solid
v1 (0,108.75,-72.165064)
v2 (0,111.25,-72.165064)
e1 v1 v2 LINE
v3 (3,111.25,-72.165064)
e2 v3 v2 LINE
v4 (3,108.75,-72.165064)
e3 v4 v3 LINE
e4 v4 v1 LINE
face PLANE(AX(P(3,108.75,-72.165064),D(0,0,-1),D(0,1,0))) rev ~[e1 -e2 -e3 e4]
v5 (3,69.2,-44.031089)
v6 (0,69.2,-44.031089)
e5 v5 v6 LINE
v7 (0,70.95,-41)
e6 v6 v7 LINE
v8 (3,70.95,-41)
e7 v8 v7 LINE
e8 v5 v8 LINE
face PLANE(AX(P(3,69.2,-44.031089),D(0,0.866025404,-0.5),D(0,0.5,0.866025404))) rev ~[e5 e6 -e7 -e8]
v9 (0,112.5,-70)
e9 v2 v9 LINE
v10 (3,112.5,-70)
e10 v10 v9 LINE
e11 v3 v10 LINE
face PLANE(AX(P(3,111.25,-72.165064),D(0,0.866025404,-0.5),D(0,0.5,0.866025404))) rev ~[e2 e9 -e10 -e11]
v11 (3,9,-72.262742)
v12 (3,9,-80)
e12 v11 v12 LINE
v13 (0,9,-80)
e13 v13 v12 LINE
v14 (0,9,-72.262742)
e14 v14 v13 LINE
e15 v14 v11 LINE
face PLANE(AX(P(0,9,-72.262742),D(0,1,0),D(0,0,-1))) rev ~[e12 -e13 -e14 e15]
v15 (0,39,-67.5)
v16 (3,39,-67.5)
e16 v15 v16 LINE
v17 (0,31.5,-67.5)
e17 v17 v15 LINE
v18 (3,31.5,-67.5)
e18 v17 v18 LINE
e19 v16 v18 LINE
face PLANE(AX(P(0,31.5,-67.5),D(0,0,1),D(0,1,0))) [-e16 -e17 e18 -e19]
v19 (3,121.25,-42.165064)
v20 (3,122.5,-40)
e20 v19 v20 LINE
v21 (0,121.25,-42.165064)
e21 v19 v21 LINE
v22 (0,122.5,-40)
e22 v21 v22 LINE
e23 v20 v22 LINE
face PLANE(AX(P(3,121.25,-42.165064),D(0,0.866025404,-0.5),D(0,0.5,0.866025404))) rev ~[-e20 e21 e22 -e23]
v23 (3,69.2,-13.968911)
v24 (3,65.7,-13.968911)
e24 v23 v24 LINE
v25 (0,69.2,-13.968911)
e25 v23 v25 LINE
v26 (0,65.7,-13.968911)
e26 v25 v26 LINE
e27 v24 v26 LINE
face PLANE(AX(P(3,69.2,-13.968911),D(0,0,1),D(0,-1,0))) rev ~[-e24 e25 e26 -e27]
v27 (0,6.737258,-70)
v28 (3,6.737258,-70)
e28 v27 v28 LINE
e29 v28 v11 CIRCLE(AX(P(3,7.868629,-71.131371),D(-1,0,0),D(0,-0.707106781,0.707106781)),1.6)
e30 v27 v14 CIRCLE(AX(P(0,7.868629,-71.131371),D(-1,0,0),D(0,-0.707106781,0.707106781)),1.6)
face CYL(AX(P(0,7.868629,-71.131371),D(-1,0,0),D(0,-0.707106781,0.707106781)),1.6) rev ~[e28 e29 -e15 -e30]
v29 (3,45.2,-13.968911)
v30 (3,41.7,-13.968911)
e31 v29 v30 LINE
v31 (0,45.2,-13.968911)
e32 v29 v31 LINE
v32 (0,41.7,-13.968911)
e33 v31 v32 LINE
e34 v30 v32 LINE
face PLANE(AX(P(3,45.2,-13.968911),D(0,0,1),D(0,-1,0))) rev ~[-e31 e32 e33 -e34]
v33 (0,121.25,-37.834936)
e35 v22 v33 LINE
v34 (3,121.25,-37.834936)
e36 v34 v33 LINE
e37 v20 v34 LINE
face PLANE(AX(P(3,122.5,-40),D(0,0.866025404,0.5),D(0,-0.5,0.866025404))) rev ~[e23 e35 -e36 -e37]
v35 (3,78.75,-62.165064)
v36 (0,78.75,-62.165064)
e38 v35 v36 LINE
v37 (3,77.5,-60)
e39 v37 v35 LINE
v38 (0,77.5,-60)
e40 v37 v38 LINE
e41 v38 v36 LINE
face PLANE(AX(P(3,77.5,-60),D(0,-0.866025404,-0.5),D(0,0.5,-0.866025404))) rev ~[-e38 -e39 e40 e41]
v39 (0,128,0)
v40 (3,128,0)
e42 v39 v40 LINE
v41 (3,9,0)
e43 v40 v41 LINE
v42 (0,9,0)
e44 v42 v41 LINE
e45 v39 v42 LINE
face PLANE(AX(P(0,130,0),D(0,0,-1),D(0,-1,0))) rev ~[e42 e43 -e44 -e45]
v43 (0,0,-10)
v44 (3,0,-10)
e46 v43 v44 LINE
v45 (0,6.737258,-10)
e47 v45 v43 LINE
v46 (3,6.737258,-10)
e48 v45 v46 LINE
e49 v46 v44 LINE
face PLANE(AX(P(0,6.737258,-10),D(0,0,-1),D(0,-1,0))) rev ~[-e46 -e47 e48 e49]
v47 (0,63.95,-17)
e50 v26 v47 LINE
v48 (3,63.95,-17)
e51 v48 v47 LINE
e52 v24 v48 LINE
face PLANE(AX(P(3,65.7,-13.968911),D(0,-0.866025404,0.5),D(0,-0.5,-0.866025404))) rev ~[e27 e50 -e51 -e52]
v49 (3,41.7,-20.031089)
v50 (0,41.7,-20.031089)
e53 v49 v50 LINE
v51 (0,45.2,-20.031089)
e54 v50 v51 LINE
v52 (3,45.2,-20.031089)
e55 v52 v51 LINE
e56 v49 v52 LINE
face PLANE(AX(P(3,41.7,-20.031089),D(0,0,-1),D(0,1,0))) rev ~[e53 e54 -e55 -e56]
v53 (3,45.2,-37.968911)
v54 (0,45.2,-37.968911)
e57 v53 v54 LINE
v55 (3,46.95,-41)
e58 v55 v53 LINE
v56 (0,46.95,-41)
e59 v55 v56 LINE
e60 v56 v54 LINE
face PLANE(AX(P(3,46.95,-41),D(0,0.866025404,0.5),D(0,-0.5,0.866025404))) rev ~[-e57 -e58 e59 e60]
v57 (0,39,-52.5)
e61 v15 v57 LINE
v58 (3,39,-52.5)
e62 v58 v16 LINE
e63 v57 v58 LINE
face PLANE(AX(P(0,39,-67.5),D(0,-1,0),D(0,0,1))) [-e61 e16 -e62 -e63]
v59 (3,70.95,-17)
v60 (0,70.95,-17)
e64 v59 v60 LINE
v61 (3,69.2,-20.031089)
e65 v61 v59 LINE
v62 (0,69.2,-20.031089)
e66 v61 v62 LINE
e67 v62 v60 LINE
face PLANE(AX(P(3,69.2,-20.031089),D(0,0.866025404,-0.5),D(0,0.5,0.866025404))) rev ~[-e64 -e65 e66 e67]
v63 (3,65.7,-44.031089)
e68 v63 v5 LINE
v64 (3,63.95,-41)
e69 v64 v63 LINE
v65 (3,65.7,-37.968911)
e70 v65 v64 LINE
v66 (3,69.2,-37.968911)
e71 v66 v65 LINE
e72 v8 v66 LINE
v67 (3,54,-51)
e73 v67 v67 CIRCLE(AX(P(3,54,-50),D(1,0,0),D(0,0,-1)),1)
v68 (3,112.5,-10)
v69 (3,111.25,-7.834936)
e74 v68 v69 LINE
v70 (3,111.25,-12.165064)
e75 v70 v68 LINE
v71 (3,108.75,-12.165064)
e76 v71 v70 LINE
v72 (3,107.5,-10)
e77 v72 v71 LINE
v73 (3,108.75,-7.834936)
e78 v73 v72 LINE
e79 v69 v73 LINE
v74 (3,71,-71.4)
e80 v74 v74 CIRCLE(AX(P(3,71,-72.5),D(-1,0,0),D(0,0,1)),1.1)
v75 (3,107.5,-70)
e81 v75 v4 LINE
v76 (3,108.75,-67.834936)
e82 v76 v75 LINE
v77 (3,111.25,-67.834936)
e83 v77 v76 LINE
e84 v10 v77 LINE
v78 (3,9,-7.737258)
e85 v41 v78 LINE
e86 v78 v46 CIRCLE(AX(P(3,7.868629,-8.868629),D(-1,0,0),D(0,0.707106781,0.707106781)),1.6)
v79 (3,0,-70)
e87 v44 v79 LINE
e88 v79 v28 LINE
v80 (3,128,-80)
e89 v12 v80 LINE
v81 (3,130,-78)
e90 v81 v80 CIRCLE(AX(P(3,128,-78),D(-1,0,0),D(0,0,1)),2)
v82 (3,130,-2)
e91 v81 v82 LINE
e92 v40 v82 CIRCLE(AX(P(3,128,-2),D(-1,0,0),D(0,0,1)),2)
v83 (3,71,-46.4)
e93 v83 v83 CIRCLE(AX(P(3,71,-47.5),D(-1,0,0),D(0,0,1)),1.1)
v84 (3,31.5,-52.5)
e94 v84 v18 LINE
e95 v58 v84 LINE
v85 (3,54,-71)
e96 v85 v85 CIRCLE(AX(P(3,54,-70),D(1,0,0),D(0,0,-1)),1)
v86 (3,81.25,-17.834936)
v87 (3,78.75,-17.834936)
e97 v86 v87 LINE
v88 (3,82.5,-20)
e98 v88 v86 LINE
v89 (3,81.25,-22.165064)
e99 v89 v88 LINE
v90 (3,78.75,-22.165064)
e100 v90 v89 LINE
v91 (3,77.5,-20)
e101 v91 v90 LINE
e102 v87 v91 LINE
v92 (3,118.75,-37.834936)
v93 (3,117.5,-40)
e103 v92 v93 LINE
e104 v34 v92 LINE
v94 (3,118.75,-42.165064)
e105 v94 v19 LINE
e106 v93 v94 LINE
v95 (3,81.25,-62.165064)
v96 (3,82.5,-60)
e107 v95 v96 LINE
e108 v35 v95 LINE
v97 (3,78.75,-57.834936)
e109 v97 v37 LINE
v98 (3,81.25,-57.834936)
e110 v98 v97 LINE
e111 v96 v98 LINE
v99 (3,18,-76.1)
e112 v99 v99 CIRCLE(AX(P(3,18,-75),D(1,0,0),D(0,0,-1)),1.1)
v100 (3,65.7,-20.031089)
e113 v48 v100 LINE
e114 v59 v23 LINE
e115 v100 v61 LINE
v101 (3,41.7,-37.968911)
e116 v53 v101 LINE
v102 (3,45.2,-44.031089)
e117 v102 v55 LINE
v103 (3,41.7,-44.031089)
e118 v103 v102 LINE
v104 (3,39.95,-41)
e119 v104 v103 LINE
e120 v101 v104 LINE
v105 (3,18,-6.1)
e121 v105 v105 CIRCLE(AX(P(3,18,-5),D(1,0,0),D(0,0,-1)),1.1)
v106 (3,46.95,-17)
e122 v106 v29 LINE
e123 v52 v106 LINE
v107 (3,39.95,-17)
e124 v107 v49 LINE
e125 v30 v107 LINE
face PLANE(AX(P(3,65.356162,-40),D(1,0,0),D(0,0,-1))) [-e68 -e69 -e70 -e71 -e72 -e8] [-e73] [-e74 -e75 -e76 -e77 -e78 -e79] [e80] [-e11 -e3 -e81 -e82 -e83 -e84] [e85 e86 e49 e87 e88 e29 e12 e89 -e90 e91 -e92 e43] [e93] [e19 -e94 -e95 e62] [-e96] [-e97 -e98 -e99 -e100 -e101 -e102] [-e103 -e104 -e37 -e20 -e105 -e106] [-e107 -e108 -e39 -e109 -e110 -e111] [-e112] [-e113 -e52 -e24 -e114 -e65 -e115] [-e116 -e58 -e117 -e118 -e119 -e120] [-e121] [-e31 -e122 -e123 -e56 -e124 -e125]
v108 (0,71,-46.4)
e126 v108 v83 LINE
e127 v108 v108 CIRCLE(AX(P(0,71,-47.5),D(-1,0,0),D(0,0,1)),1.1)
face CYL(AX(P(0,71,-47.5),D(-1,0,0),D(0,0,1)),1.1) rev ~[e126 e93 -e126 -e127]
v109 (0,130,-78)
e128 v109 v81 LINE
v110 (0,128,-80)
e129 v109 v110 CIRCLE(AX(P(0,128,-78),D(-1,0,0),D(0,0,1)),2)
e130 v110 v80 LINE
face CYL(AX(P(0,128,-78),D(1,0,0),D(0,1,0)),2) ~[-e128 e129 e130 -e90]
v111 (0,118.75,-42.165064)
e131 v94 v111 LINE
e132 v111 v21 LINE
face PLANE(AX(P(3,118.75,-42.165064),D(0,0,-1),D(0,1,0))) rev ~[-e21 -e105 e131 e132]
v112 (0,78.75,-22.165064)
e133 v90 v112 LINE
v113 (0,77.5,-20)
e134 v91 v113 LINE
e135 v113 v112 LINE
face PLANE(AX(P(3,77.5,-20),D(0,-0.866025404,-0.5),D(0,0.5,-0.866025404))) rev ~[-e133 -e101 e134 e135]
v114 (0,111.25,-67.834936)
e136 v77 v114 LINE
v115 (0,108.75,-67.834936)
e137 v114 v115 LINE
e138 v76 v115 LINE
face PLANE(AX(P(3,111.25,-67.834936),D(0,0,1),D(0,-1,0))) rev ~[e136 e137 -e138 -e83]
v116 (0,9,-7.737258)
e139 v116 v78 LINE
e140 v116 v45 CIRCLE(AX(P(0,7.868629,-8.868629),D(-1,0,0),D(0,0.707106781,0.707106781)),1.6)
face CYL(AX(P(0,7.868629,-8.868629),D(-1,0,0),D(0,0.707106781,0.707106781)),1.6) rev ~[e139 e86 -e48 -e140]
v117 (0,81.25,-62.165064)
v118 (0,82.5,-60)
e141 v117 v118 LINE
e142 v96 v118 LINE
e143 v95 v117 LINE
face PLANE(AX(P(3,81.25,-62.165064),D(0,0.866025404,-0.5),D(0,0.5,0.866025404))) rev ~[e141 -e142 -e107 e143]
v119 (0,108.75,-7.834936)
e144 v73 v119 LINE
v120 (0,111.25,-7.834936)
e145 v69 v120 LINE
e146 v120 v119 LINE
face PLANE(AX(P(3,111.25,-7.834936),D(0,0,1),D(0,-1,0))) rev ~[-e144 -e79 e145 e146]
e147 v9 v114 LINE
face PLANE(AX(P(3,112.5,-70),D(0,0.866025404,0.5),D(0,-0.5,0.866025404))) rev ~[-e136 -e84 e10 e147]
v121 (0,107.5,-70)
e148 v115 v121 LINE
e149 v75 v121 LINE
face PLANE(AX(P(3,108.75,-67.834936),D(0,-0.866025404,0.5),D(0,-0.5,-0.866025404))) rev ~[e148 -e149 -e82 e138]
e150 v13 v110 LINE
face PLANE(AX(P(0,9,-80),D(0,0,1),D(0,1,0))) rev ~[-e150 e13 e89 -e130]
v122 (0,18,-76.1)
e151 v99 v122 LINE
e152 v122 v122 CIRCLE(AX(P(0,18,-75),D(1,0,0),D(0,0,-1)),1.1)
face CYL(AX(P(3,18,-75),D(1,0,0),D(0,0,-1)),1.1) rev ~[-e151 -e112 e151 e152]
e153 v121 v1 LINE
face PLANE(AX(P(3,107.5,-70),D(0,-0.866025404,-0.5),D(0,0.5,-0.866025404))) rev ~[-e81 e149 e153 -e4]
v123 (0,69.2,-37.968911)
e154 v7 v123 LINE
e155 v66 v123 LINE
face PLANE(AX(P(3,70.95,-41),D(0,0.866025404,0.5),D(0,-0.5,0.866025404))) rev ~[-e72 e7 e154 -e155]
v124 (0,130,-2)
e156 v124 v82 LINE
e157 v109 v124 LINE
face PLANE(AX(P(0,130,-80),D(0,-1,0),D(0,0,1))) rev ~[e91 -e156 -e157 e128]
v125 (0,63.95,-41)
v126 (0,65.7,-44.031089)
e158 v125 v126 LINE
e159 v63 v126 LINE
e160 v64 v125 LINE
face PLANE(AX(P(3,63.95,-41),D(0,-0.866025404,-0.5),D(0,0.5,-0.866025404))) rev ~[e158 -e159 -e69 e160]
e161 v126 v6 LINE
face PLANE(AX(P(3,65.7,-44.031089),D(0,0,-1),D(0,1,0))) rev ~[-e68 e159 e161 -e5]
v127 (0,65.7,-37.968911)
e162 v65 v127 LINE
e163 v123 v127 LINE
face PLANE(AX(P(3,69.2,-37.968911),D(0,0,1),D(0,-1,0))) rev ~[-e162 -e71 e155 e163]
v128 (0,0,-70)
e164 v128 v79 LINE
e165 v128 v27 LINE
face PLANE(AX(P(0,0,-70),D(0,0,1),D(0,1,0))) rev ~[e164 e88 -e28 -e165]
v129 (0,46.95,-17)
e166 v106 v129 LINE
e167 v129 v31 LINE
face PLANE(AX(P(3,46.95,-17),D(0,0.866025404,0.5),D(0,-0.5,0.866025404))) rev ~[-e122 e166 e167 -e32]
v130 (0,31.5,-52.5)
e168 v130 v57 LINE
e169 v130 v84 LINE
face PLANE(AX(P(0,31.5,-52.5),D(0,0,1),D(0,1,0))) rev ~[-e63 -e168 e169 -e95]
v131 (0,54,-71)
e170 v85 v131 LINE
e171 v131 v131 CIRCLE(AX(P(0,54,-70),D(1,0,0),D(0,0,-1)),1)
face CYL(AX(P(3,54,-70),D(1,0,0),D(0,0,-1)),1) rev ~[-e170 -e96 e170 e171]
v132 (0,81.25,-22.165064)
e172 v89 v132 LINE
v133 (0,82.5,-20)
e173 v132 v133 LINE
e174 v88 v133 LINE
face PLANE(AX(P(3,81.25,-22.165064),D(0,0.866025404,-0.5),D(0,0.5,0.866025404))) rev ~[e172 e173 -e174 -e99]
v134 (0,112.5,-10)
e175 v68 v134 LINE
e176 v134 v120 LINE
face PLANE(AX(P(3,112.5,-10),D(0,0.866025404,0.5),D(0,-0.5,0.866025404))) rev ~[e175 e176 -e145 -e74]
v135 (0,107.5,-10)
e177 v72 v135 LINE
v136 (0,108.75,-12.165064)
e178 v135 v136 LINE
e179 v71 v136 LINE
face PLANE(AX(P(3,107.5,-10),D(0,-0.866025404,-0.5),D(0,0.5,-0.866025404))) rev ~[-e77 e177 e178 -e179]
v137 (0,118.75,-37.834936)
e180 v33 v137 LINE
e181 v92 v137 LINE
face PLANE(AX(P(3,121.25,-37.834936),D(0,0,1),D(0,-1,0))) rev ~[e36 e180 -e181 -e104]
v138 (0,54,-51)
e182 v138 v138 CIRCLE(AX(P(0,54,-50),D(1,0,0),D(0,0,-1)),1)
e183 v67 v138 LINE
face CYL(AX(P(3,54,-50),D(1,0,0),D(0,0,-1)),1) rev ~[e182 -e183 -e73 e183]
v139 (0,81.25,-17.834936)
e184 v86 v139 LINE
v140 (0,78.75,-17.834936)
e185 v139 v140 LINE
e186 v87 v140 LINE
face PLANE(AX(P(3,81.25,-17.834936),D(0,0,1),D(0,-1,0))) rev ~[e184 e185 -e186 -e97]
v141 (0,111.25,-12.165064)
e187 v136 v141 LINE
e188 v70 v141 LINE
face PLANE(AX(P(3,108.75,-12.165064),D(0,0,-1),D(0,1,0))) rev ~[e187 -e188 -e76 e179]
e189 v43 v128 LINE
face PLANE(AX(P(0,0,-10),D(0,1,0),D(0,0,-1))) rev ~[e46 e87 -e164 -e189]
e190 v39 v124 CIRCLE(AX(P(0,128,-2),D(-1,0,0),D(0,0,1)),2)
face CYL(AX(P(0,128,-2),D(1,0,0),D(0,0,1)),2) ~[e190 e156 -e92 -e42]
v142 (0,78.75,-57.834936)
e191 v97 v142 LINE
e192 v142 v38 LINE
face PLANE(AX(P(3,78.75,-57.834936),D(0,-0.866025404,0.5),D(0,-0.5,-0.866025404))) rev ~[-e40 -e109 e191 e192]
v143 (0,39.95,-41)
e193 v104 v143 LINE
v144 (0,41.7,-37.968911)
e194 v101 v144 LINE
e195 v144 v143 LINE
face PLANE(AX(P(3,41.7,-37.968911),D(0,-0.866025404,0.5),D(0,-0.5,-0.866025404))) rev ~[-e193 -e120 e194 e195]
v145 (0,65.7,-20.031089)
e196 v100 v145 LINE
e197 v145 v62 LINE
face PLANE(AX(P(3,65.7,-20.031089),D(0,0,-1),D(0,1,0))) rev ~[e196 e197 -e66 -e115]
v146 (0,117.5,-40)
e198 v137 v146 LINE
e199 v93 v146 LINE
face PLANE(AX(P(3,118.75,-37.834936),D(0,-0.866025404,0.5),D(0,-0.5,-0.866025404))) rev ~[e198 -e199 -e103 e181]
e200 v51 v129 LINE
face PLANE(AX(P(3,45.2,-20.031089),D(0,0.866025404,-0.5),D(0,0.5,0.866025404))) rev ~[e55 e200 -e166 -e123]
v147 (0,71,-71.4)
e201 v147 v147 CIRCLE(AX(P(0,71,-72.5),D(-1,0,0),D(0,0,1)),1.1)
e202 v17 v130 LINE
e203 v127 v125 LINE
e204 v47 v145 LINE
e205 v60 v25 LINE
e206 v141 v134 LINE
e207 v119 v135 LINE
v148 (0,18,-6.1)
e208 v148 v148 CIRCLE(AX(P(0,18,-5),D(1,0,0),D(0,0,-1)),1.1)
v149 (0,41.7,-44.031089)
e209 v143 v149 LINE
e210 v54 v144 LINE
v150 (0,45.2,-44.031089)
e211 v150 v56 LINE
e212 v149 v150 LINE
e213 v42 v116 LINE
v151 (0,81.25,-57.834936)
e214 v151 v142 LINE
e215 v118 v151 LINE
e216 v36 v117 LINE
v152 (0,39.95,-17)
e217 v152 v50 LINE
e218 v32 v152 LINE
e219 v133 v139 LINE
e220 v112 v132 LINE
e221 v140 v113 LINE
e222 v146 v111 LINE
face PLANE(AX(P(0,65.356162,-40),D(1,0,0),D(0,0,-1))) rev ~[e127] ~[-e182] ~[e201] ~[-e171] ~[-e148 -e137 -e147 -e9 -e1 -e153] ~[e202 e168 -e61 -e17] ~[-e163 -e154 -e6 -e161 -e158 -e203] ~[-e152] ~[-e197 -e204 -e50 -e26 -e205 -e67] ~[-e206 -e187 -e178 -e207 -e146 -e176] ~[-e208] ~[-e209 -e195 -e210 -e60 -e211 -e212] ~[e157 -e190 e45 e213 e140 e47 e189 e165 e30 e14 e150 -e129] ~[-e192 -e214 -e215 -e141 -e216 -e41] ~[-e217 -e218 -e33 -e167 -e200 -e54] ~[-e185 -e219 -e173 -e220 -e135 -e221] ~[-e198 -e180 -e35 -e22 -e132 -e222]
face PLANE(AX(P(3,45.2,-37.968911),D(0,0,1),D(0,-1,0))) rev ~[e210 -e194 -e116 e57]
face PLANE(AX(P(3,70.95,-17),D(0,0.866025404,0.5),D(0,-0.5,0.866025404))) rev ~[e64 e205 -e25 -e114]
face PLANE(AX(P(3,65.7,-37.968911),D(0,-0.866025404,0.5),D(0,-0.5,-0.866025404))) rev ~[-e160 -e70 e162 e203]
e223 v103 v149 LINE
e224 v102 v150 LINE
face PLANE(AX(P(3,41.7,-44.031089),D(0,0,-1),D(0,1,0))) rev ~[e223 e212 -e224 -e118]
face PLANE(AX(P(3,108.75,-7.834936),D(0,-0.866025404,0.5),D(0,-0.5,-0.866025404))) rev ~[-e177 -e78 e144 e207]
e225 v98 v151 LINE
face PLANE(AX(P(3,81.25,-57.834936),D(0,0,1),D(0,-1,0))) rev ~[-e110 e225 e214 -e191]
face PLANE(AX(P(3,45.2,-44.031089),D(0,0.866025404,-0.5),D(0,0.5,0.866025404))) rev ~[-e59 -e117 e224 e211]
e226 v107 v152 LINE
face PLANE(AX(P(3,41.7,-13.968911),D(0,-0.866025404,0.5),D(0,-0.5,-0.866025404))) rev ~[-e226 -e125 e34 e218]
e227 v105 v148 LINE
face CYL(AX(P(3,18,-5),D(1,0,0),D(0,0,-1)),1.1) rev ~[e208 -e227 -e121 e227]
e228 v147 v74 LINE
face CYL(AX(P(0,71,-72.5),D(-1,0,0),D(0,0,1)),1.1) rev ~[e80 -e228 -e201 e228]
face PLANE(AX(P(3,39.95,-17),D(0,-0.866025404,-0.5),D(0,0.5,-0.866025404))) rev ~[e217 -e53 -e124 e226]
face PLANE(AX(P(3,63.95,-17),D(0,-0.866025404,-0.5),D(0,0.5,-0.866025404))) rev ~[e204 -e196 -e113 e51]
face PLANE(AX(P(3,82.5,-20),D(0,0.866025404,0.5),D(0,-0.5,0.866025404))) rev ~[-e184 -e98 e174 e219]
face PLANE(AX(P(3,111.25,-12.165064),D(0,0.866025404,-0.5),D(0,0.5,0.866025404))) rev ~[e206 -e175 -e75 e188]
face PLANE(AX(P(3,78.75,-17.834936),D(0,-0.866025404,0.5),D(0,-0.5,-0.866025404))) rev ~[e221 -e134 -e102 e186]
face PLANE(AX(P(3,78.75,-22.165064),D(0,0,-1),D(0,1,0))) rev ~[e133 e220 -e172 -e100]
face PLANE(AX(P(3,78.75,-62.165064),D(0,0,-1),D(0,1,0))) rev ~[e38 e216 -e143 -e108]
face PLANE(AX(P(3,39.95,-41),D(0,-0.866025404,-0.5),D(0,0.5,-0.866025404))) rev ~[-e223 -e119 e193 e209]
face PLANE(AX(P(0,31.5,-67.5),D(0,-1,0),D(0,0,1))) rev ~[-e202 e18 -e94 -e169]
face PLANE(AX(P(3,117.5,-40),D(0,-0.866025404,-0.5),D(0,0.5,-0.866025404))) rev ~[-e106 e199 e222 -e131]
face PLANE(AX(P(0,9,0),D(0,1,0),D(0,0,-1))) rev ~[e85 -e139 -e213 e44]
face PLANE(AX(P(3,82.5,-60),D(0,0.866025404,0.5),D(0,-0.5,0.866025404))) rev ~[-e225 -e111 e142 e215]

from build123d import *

# Parameters (mm, degrees)
EXTRUSION1_DEPTH        = 3
ESQUISSE2_R             = 1
ESQUISSE2_R_2           = 1.5
ENL_V_MAT_EXTRU_1_DEPTH = 4
ESQUISSE3_W             = 15
ESQUISSE3_H             = 7.5
ENL_V_MAT_EXTRU_2_DEPTH = 4
ESQUISSE4_R             = 1.1
ENL_V_MAT_EXTRU_3_DEPTH = 4
ENL_V_MAT_EXTRU_4_DEPTH = 4
CONG_1_R                = 2
ESQUISSE6_R             = 1.1
ENL_V_MAT_EXTRU_5_DEPTH = 4


with BuildPart() as part:
    # Esquisse1 → Extrusion1 (new body)
    with BuildSketch(Plane(origin=(0, 0, 0), x_dir=(0, 0, -1), z_dir=(1, 0, 0))):
        with BuildLine():
            Line((10, 6.7372583), (10, 0))
            Line((10, 0), (70, 0))
            Line((70, 0), (70, 6.7372583))
            ThreePointArc((70, 6.7372583), (70, 9), (72.2627417, 9))
            Line((72.2627417, 9), (80, 9))
            Line((80, 9), (80, 130))
            Line((80, 130), (0, 130))
            Line((0, 130), (0, 9))
            Line((0, 9), (7.7372583, 9))
            ThreePointArc((7.7372583, 9), (10, 9), (10, 6.7372583))
        make_face()
    extrude(amount=EXTRUSION1_DEPTH)

    # Esquisse2 → Enlèv. mat.-Extru.1 (cut, through all)
    with BuildSketch(Plane(origin=(3, 0, 0), x_dir=(0, 0, -1), z_dir=(1, 0, 0))):
        with Locations((60, 80)):
            Circle(ESQUISSE2_R)
        with Locations((10, 110)):
            Circle(ESQUISSE2_R)
        with Locations(Location((20, 80, 0), (0, 0, 180))):  # turned: the seam where the file's is
            Circle(ESQUISSE2_R)
        with Locations((70, 110)):
            Circle(ESQUISSE2_R)
        with Locations((17, 67.45)):
            Circle(ESQUISSE2_R_2)
        with Locations((17, 43.45)):
            Circle(ESQUISSE2_R_2)
        with Locations((41, 43.45)):
            Circle(ESQUISSE2_R_2)
        with Locations((41, 67.45)):
            Circle(ESQUISSE2_R_2)
        with Locations((40, 120)):
            Circle(ESQUISSE2_R)
        with Locations((70, 54)):
            Circle(ESQUISSE2_R)
        with Locations((50, 54)):
            Circle(ESQUISSE2_R)
    extrude(amount=-ENL_V_MAT_EXTRU_1_DEPTH, mode=Mode.SUBTRACT)

    # Esquisse3 → Enlèv. mat.-Extru.2 (cut, through all)
    with BuildSketch(Plane.ZY):
        with Locations((-60, 35.25)):
            Rectangle(ESQUISSE3_W, ESQUISSE3_H)
    extrude(amount=-ENL_V_MAT_EXTRU_2_DEPTH, mode=Mode.SUBTRACT)

    # Esquisse4 → Enlèv. mat.-Extru.3 (cut, through all)
    with BuildSketch(Plane(origin=(3, 0, 0), x_dir=(0, 0, -1), z_dir=(1, 0, 0))):
        with Locations((75, 18)):
            Circle(ESQUISSE4_R)
        with Locations((5, 18)):
            Circle(ESQUISSE4_R)
    extrude(amount=-ENL_V_MAT_EXTRU_3_DEPTH, mode=Mode.SUBTRACT)

    # Esquisse5 → Enlèv. mat.-Extru.4 (cut, through all)
    with BuildSketch(Plane(origin=(3, 0, 0), x_dir=(0, 0, -1), z_dir=(1, 0, 0))):
        Polygon((12.165063509, 111.25), (10, 112.5), (7.834936491, 111.25), (7.834936491, 108.75), (10, 107.5), (12.165063509, 108.75), align=None)
        Polygon((42.165063509, 118.75), (42.165063509, 121.25), (40, 122.5), (37.834936491, 121.25), (37.834936491, 118.75), (40, 117.5), align=None)
        Polygon((70, 107.5), (72.165063509, 108.75), (72.165063509, 111.25), (70, 112.5), (67.834936491, 111.25), (67.834936491, 108.75), align=None)
        Polygon((62.165063509, 78.75), (62.165063509, 81.25), (60, 82.5), (57.834936491, 81.25), (57.834936491, 78.75), (60, 77.5), align=None)
        Polygon((22.165063509, 78.75), (22.165063509, 81.25), (20, 82.5), (17.834936491, 81.25), (17.834936491, 78.75), (20, 77.5), align=None)
        Polygon((44.031088913, 65.7), (44.031088913, 69.2), (41, 70.95), (37.968911087, 69.2), (37.968911087, 65.7), (41, 63.95), align=None)
        Polygon((44.031088913, 41.7), (44.031088913, 45.2), (41, 46.95), (37.968911087, 45.2), (37.968911087, 41.7), (41, 39.95), align=None)
        Polygon((20.031088913, 41.7), (20.031088913, 45.2), (17, 46.95), (13.968911087, 45.2), (13.968911087, 41.7), (17, 39.95), align=None)
        Polygon((20.031088913, 65.7), (20.031088913, 69.2), (17, 70.95), (13.968911087, 69.2), (13.968911087, 65.7), (17, 63.95), align=None)
    extrude(amount=-ENL_V_MAT_EXTRU_4_DEPTH, mode=Mode.SUBTRACT)

    # Congé1
    cong_1_edges = [part.edges().sort_by_distance(p)[0] for p in [
        (1.5, 130, 0),
        (1.5, 130, -80),
    ]]
    fillet(cong_1_edges, radius=CONG_1_R)

    # Esquisse6 → Enlèv. mat.-Extru.5 (cut, through all)
    with BuildSketch(Plane.ZY):
        with Locations((-72.5, 71)):
            Circle(ESQUISSE6_R)
        with Locations((-47.5, 71)):
            Circle(ESQUISSE6_R)
    extrude(amount=-ENL_V_MAT_EXTRU_5_DEPTH, mode=Mode.SUBTRACT)


solid = part.part
